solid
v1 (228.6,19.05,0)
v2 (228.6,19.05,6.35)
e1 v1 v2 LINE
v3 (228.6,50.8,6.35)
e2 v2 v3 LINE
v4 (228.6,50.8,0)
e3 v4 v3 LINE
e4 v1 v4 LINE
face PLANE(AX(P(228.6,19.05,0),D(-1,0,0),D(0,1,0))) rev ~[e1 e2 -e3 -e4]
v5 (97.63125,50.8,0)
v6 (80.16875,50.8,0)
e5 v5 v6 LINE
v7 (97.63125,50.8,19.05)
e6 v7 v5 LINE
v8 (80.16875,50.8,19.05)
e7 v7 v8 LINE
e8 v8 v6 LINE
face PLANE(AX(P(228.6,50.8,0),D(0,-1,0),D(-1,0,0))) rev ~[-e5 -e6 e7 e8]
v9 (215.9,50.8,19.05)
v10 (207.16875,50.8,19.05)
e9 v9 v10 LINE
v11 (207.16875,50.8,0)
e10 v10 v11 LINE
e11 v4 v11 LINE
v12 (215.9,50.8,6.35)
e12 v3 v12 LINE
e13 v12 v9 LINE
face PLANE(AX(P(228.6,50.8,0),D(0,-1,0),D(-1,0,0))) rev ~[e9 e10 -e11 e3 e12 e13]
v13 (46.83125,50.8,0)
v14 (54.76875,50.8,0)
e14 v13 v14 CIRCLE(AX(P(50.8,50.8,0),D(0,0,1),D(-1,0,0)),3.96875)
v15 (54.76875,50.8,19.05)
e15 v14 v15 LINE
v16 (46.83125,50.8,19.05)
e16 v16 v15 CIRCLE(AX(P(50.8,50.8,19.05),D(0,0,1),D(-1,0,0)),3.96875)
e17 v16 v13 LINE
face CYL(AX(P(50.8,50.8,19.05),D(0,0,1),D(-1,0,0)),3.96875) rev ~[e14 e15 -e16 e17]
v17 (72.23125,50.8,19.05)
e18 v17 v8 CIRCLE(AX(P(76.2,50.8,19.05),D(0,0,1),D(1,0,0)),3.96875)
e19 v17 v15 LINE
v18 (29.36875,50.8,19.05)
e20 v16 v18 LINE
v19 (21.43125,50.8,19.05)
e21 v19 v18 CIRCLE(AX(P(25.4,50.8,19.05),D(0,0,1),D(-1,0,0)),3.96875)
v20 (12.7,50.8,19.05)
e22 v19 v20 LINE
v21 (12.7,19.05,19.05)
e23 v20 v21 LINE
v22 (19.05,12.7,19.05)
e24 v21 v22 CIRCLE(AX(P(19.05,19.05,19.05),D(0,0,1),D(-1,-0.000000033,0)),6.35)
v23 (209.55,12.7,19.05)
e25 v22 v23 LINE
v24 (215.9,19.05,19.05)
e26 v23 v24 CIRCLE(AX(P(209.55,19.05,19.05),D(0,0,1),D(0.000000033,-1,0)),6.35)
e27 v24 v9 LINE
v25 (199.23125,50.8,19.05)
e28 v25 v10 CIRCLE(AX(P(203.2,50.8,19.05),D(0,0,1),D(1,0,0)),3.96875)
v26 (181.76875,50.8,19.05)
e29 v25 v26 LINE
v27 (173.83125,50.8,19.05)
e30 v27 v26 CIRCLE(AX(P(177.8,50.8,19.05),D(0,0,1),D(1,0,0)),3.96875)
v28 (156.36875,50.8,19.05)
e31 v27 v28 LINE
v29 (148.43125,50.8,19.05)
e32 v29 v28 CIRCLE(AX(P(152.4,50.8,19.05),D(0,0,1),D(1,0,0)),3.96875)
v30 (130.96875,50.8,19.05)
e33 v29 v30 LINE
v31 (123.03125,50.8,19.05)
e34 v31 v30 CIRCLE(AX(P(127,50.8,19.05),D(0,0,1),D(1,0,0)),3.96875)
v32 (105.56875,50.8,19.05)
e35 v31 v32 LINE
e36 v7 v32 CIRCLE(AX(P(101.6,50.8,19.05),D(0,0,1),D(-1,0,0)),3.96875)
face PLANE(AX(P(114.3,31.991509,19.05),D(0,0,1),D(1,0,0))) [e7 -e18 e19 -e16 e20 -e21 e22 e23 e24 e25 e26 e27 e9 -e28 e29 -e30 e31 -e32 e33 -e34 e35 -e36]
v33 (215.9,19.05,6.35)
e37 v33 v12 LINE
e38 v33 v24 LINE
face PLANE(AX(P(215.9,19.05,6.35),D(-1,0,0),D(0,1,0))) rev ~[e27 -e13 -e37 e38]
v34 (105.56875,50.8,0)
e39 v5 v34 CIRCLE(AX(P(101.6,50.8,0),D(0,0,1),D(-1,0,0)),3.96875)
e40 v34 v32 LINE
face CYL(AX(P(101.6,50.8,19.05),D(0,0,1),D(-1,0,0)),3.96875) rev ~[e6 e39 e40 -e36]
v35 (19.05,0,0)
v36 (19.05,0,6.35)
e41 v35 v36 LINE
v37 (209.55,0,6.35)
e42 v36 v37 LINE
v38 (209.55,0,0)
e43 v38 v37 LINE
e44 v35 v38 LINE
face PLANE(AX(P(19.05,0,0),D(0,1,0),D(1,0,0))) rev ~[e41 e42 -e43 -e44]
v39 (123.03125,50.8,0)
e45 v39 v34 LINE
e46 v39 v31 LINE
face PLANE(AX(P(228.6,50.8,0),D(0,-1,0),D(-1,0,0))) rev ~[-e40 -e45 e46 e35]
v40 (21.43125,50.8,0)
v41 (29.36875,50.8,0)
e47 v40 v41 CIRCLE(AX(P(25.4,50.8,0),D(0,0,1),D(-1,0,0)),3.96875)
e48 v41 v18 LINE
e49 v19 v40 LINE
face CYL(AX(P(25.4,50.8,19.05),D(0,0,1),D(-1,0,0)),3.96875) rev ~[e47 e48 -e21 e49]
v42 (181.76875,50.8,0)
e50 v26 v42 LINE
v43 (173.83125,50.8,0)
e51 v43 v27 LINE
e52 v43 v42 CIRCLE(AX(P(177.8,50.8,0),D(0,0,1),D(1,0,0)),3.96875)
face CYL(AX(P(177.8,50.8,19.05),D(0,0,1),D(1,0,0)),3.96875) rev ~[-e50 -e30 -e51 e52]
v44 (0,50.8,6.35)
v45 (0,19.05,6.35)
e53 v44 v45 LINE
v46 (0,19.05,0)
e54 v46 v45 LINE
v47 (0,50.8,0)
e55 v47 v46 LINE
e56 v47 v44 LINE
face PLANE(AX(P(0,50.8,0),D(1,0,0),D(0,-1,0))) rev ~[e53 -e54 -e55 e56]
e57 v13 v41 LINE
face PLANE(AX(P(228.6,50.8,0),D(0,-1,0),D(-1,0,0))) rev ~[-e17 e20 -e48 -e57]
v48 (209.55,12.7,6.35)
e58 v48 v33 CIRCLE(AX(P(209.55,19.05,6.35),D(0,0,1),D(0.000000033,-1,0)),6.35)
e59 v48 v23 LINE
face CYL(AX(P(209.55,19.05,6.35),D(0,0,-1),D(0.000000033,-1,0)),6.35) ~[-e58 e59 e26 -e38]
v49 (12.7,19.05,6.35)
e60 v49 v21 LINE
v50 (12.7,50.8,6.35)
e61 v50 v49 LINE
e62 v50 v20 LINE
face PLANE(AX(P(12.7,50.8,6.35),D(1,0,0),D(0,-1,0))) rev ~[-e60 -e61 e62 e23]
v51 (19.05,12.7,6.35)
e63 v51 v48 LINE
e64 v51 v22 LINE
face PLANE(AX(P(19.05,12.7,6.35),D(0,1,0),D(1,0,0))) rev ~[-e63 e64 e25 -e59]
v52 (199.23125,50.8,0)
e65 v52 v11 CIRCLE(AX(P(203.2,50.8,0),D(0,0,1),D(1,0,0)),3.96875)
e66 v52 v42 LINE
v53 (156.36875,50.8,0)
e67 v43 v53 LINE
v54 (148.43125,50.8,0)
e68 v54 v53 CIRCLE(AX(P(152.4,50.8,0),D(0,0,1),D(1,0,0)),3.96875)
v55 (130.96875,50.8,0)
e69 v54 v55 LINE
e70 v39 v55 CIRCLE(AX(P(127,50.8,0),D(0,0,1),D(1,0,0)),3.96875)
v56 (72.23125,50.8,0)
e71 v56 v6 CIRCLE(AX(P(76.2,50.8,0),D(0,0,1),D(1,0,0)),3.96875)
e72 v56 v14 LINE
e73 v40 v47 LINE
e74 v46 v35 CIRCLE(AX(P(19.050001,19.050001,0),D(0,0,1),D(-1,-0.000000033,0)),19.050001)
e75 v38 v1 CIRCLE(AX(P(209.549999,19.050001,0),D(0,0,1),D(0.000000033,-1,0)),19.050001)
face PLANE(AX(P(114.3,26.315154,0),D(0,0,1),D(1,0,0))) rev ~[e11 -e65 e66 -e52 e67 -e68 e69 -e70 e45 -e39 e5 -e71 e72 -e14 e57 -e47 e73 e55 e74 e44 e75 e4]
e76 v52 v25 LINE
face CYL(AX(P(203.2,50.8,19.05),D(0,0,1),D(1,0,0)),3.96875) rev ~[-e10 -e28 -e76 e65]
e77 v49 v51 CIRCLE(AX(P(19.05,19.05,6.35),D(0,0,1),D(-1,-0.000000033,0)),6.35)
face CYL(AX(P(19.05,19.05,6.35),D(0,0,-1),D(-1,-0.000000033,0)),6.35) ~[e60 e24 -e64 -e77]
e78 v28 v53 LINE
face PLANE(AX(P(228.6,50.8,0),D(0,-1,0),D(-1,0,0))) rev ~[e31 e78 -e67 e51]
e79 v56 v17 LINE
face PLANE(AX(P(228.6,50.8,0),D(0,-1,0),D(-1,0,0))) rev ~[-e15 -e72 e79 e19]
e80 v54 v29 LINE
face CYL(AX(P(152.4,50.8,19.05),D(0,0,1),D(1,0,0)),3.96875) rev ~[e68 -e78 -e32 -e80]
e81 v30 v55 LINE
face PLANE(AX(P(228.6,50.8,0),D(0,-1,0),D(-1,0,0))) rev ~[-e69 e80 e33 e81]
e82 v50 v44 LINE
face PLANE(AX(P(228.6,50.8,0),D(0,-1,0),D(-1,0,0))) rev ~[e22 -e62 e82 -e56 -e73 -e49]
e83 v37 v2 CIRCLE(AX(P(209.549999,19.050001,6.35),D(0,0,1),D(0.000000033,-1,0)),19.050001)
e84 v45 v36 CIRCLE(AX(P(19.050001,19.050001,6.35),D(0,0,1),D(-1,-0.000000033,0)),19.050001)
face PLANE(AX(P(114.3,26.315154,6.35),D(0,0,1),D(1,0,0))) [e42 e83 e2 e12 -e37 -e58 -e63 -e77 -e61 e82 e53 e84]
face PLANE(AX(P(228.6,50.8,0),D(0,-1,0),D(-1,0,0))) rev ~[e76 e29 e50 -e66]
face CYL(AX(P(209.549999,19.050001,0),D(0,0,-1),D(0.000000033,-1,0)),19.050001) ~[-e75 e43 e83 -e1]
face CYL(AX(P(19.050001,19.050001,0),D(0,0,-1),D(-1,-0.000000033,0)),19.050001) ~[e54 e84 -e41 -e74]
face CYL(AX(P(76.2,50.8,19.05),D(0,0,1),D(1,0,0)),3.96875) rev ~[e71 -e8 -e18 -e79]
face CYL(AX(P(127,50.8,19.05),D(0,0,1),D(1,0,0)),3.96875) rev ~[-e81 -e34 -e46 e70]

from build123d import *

# Parameters (mm, degrees)
F1_DEPTH = 6.35
F3_DEPTH = 12.7
F5_DEPTH = 25.4


with BuildPart() as f1:
    # F0 (on Top) → F1 (new body)
    with BuildSketch(Plane.XY):
        with BuildLine():
            ThreePointArc((0, 19.05), (5.579616, 5.579616), (19.05, 0))
            Line((19.05, 0), (209.55, 0))
            ThreePointArc((209.55, 0), (223.020384, 5.579616), (228.6, 19.05))
            Line((228.6, 19.05), (228.6, 50.8))
            Line((228.6, 50.8), (0, 50.8))
            Line((0, 50.8), (0, 19.05))
        make_face()
    extrude(amount=F1_DEPTH)

    # F2 (on face) → F3 (join)
    with BuildSketch(Plane.XY.offset(6.35)):
        with BuildLine():
            Line((12.7, 50.8), (12.7, 19.05))
            ThreePointArc((12.7, 19.05), (14.559872, 14.559872), (19.05, 12.7))
            Line((19.05, 12.7), (209.55, 12.7))
            ThreePointArc((209.55, 12.7), (214.040128, 14.559872), (215.9, 19.05))
            Line((215.9, 19.05), (215.9, 50.8))
            Line((215.9, 50.8), (12.7, 50.8))
        make_face()
    extrude(amount=F3_DEPTH)

    # F4 (on face) → F5 (cut)
    with BuildSketch(Plane.XY.offset(19.05)):
        with BuildLine():
            ThreePointArc((29.36875, 50.8), (25.4, 54.76875), (21.43125, 50.8))
            Line((21.43125, 50.8), (29.36875, 50.8))
        make_face()
        with BuildLine():
            Line((29.36875, 50.8), (21.43125, 50.8))
            ThreePointArc((21.43125, 50.8), (25.4, 46.83125), (29.36875, 50.8))
        make_face()
        with BuildLine():
            ThreePointArc((54.76875, 50.8), (50.8, 54.76875), (46.83125, 50.8))
            Line((46.83125, 50.8), (54.76875, 50.8))
        make_face()
        with BuildLine():
            Line((54.76875, 50.8), (46.83125, 50.8))
            ThreePointArc((46.83125, 50.8), (50.8, 46.83125), (54.76875, 50.8))
        make_face()
        with BuildLine():
            ThreePointArc((72.23125, 50.8), (76.2, 46.83125), (80.16875, 50.8))
            Line((80.16875, 50.8), (72.23125, 50.8))
        make_face()
        with BuildLine():
            ThreePointArc((199.23125, 50.8), (203.2, 46.83125), (207.16875, 50.8))
            Line((207.16875, 50.8), (199.23125, 50.8))
        make_face()
        with BuildLine():
            ThreePointArc((173.83125, 50.8), (177.8, 46.83125), (181.76875, 50.8))
            Line((181.76875, 50.8), (173.83125, 50.8))
        make_face()
        with BuildLine():
            ThreePointArc((148.43125, 50.8), (152.4, 46.83125), (156.36875, 50.8))
            Line((156.36875, 50.8), (148.43125, 50.8))
        make_face()
        with BuildLine():
            ThreePointArc((123.03125, 50.8), (127, 46.83125), (130.96875, 50.8))
            Line((130.96875, 50.8), (123.03125, 50.8))
        make_face()
        with BuildLine():
            Line((97.63125, 50.8), (105.56875, 50.8))
            ThreePointArc((105.56875, 50.8), (101.6, 54.76875), (97.63125, 50.8))
        make_face()
        with BuildLine():
            Line((72.23125, 50.8), (80.16875, 50.8))
            ThreePointArc((80.16875, 50.8), (76.2, 54.76875), (72.23125, 50.8))
        make_face()
        with BuildLine():
            Line((199.23125, 50.8), (207.16875, 50.8))
            ThreePointArc((207.16875, 50.8), (203.2, 54.76875), (199.23125, 50.8))
        make_face()
        with BuildLine():
            Line((173.83125, 50.8), (181.76875, 50.8))
            ThreePointArc((181.76875, 50.8), (177.8, 54.76875), (173.83125, 50.8))
        make_face()
        with BuildLine():
            Line((148.43125, 50.8), (156.36875, 50.8))
            ThreePointArc((156.36875, 50.8), (152.4, 54.76875), (148.43125, 50.8))
        make_face()
        with BuildLine():
            Line((123.03125, 50.8), (130.96875, 50.8))
            ThreePointArc((130.96875, 50.8), (127, 54.76875), (123.03125, 50.8))
        make_face()
        with BuildLine():
            ThreePointArc((97.63125, 50.8), (101.6, 46.83125), (105.56875, 50.8))
            Line((105.56875, 50.8), (97.63125, 50.8))
        make_face()
    extrude(amount=-F5_DEPTH, mode=Mode.SUBTRACT)


solid = f1.part
